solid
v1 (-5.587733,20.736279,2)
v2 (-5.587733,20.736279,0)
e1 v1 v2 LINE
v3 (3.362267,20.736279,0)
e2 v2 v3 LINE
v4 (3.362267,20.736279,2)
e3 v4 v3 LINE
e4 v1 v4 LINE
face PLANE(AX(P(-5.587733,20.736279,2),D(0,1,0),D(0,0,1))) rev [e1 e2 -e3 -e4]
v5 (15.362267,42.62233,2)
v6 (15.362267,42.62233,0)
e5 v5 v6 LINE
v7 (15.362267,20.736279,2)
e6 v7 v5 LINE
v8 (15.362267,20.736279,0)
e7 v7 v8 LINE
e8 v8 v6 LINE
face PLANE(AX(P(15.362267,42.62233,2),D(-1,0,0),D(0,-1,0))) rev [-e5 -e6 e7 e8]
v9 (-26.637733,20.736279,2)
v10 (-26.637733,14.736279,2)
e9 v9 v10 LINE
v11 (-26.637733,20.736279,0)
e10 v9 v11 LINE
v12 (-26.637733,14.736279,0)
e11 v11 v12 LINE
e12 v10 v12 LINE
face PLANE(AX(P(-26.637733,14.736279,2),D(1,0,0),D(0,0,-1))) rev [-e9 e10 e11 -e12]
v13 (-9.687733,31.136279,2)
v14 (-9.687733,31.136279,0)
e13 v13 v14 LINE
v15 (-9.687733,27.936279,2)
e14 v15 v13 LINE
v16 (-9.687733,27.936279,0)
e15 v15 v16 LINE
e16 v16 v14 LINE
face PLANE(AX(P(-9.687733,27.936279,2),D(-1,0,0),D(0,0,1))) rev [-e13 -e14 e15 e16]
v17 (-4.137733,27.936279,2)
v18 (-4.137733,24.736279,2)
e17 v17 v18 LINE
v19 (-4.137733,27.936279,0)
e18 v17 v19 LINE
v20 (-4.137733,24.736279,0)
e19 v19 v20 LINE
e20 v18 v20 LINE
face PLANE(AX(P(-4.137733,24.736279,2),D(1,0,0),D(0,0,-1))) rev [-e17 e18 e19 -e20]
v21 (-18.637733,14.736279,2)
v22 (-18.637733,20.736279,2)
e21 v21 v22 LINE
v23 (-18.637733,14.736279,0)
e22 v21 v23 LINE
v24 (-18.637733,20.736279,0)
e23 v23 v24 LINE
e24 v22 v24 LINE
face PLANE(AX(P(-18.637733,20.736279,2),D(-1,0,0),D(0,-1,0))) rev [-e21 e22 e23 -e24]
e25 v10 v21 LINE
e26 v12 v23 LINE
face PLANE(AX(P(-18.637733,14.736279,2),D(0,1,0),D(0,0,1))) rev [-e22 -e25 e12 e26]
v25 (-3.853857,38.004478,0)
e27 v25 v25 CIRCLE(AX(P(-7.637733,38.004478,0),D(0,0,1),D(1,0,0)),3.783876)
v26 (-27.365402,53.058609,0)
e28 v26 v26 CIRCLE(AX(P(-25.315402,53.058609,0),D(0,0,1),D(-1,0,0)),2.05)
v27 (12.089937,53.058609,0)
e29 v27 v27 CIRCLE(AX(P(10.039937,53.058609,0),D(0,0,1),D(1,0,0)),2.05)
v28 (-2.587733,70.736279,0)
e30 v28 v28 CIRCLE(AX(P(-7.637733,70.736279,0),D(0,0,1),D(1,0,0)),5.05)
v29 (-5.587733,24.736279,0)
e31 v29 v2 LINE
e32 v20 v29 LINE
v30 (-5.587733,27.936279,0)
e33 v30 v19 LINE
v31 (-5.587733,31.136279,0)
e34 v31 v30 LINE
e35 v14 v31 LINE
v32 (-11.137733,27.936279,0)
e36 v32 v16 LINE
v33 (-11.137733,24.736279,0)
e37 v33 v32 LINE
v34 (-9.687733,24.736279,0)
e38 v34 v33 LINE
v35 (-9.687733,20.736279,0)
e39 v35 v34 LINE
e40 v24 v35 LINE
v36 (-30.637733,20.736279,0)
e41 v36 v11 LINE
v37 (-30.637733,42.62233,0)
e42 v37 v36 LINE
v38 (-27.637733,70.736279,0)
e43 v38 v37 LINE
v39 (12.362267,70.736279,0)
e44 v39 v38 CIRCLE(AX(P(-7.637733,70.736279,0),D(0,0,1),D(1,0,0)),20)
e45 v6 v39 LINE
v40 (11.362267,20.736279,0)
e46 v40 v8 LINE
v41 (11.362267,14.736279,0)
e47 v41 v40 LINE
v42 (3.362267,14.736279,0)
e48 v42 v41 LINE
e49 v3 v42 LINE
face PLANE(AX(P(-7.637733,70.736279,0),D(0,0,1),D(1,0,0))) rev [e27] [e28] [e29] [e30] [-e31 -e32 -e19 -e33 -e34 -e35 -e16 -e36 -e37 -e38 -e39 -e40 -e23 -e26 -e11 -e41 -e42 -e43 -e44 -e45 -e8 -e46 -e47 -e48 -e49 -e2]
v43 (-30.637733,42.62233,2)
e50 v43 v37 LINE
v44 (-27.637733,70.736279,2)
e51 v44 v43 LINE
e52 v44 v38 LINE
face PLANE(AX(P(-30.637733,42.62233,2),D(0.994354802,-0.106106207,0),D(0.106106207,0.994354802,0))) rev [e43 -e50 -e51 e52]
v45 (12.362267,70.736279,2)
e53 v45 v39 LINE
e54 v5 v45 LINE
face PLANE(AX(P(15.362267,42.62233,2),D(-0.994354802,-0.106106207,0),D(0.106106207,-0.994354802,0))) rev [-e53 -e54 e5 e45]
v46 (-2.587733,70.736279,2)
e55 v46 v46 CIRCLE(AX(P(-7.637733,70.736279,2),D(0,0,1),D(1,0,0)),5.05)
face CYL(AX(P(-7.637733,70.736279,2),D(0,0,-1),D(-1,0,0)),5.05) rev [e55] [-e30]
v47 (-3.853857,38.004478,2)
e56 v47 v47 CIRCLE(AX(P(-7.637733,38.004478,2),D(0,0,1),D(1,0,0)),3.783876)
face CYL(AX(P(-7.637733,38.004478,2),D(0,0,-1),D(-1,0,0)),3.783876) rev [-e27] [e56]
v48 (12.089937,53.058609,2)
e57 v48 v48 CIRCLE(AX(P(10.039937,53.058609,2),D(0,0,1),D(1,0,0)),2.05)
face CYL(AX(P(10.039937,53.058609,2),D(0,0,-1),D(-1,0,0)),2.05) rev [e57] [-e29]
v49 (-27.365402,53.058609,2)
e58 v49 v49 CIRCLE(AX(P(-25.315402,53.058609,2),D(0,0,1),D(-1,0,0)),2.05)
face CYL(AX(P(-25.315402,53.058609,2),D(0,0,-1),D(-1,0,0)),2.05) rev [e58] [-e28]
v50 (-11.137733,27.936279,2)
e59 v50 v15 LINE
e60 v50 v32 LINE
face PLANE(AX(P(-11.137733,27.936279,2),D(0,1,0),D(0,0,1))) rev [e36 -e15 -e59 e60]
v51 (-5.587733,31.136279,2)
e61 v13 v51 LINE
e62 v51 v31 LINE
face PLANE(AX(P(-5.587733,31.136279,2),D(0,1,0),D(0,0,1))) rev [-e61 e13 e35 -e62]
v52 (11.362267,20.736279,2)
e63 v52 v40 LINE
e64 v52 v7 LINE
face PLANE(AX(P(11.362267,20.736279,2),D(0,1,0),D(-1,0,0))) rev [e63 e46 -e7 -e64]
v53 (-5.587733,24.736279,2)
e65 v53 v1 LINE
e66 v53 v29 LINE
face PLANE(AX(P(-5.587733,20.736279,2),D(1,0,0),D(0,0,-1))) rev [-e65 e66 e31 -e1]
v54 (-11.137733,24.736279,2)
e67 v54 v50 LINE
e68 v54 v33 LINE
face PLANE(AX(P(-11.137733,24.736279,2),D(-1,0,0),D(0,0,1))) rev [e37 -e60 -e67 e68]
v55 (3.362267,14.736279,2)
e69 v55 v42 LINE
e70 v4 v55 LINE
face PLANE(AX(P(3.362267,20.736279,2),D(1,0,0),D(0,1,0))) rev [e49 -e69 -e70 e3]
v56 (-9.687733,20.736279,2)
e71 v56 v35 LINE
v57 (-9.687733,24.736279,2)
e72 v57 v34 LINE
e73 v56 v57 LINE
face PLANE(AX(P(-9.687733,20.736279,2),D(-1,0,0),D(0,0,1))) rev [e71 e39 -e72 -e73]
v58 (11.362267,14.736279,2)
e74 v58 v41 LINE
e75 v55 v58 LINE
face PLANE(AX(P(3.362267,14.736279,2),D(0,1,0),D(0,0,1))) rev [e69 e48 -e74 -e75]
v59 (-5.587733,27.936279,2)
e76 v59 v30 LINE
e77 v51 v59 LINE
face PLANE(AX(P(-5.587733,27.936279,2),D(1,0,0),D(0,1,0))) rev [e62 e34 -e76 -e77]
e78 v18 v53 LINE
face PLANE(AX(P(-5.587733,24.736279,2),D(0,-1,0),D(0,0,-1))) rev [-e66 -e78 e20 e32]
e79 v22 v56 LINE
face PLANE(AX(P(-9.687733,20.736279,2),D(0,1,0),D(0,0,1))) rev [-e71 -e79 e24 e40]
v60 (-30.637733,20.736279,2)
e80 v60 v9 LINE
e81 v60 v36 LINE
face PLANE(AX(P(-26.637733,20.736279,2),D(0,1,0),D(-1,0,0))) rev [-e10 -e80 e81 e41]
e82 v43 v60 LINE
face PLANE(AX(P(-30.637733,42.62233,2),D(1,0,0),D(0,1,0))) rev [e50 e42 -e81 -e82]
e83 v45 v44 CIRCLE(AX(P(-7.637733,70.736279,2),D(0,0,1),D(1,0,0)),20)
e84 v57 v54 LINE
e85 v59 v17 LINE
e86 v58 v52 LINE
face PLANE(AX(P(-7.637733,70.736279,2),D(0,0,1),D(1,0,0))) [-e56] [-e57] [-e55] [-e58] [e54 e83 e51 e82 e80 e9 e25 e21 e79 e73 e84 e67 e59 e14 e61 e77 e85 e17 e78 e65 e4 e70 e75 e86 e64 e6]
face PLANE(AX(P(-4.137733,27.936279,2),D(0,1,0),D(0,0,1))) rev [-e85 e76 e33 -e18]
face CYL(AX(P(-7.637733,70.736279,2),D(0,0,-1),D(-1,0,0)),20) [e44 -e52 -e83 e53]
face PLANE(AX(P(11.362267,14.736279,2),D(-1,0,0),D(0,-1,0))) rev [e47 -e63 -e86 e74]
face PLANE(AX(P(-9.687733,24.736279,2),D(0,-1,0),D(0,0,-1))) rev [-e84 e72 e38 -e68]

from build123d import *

# Parameters (mm, degrees)
SKETCH_1_R      = 5.05
SKETCH_1_R_2    = 2.05
SKETCH_1_R_3    = 3.783876232
EXTRUDE_1_DEPTH = 2


with BuildPart() as part:
    # 草图1 → 凸台-拉伸1 (new body)
    with BuildSketch(Plane.XY):
        with BuildLine():
            Line((-5.587732913, 20.736278596), (-5.587732913, 24.736278596))
            Line((-5.587732913, 24.736278596), (-4.137732913, 24.736278596))
            Line((-4.137732913, 24.736278596), (-4.137732913, 27.936278596))
            Line((-4.137732913, 27.936278596), (-5.587732913, 27.936278596))
            Line((-5.587732913, 27.936278596), (-5.587732913, 31.136278596))
            Line((-5.587732913, 31.136278596), (-9.687732913, 31.136278596))
            Line((-9.687732913, 31.136278596), (-9.687732913, 27.936278596))
            Line((-9.687732913, 27.936278596), (-11.137732913, 27.936278596))
            Line((-11.137732913, 27.936278596), (-11.137732913, 24.736278596))
            Line((-11.137732913, 24.736278596), (-9.687732913, 24.736278596))
            Line((-9.687732913, 24.736278596), (-9.687732913, 20.736278596))
            Line((-9.687732913, 20.736278596), (-18.637732913, 20.736278596))
            Line((-18.637732913, 20.736278596), (-18.637732913, 14.736278596))
            Line((-18.637732913, 14.736278596), (-26.637732913, 14.736278596))
            Line((-26.637732913, 14.736278596), (-26.637732913, 20.736278596))
            Line((-26.637732913, 20.736278596), (-30.637732913, 20.736278596))
            Line((-30.637732913, 20.736278596), (-30.637732913, 42.62233047))
            Line((-30.637732913, 42.62233047), (-27.637732913, 70.736278596))
            ThreePointArc((-27.637732913, 70.736278596), (-7.637732913, 90.736278596), (12.362267087, 70.736278596))
            Line((12.362267087, 70.736278596), (15.362267087, 42.62233047))
            Line((15.362267087, 42.62233047), (15.362267087, 20.736278596))
            Line((15.362267087, 20.736278596), (11.362267087, 20.736278596))
            Line((11.362267087, 20.736278596), (11.362267087, 14.736278596))
            Line((11.362267087, 14.736278596), (3.362267087, 14.736278596))
            Line((3.362267087, 14.736278596), (3.362267087, 20.736278596))
            Line((3.362267087, 20.736278596), (-5.587732913, 20.736278596))
        make_face()
        with Locations((-7.637732913, 70.736278596)):
            Circle(SKETCH_1_R, mode=Mode.SUBTRACT)
        with Locations((10.039936617, 53.058609066)):
            Circle(SKETCH_1_R_2, mode=Mode.SUBTRACT)
        with Locations(Location((-25.315402443, 53.058609066, 0), (0, 0, 180))):
            Circle(SKETCH_1_R_2, mode=Mode.SUBTRACT)
        with Locations((-7.637732913, 38.004477847)):
            Circle(SKETCH_1_R_3, mode=Mode.SUBTRACT)
    extrude(amount=EXTRUDE_1_DEPTH)


solid = part.part
